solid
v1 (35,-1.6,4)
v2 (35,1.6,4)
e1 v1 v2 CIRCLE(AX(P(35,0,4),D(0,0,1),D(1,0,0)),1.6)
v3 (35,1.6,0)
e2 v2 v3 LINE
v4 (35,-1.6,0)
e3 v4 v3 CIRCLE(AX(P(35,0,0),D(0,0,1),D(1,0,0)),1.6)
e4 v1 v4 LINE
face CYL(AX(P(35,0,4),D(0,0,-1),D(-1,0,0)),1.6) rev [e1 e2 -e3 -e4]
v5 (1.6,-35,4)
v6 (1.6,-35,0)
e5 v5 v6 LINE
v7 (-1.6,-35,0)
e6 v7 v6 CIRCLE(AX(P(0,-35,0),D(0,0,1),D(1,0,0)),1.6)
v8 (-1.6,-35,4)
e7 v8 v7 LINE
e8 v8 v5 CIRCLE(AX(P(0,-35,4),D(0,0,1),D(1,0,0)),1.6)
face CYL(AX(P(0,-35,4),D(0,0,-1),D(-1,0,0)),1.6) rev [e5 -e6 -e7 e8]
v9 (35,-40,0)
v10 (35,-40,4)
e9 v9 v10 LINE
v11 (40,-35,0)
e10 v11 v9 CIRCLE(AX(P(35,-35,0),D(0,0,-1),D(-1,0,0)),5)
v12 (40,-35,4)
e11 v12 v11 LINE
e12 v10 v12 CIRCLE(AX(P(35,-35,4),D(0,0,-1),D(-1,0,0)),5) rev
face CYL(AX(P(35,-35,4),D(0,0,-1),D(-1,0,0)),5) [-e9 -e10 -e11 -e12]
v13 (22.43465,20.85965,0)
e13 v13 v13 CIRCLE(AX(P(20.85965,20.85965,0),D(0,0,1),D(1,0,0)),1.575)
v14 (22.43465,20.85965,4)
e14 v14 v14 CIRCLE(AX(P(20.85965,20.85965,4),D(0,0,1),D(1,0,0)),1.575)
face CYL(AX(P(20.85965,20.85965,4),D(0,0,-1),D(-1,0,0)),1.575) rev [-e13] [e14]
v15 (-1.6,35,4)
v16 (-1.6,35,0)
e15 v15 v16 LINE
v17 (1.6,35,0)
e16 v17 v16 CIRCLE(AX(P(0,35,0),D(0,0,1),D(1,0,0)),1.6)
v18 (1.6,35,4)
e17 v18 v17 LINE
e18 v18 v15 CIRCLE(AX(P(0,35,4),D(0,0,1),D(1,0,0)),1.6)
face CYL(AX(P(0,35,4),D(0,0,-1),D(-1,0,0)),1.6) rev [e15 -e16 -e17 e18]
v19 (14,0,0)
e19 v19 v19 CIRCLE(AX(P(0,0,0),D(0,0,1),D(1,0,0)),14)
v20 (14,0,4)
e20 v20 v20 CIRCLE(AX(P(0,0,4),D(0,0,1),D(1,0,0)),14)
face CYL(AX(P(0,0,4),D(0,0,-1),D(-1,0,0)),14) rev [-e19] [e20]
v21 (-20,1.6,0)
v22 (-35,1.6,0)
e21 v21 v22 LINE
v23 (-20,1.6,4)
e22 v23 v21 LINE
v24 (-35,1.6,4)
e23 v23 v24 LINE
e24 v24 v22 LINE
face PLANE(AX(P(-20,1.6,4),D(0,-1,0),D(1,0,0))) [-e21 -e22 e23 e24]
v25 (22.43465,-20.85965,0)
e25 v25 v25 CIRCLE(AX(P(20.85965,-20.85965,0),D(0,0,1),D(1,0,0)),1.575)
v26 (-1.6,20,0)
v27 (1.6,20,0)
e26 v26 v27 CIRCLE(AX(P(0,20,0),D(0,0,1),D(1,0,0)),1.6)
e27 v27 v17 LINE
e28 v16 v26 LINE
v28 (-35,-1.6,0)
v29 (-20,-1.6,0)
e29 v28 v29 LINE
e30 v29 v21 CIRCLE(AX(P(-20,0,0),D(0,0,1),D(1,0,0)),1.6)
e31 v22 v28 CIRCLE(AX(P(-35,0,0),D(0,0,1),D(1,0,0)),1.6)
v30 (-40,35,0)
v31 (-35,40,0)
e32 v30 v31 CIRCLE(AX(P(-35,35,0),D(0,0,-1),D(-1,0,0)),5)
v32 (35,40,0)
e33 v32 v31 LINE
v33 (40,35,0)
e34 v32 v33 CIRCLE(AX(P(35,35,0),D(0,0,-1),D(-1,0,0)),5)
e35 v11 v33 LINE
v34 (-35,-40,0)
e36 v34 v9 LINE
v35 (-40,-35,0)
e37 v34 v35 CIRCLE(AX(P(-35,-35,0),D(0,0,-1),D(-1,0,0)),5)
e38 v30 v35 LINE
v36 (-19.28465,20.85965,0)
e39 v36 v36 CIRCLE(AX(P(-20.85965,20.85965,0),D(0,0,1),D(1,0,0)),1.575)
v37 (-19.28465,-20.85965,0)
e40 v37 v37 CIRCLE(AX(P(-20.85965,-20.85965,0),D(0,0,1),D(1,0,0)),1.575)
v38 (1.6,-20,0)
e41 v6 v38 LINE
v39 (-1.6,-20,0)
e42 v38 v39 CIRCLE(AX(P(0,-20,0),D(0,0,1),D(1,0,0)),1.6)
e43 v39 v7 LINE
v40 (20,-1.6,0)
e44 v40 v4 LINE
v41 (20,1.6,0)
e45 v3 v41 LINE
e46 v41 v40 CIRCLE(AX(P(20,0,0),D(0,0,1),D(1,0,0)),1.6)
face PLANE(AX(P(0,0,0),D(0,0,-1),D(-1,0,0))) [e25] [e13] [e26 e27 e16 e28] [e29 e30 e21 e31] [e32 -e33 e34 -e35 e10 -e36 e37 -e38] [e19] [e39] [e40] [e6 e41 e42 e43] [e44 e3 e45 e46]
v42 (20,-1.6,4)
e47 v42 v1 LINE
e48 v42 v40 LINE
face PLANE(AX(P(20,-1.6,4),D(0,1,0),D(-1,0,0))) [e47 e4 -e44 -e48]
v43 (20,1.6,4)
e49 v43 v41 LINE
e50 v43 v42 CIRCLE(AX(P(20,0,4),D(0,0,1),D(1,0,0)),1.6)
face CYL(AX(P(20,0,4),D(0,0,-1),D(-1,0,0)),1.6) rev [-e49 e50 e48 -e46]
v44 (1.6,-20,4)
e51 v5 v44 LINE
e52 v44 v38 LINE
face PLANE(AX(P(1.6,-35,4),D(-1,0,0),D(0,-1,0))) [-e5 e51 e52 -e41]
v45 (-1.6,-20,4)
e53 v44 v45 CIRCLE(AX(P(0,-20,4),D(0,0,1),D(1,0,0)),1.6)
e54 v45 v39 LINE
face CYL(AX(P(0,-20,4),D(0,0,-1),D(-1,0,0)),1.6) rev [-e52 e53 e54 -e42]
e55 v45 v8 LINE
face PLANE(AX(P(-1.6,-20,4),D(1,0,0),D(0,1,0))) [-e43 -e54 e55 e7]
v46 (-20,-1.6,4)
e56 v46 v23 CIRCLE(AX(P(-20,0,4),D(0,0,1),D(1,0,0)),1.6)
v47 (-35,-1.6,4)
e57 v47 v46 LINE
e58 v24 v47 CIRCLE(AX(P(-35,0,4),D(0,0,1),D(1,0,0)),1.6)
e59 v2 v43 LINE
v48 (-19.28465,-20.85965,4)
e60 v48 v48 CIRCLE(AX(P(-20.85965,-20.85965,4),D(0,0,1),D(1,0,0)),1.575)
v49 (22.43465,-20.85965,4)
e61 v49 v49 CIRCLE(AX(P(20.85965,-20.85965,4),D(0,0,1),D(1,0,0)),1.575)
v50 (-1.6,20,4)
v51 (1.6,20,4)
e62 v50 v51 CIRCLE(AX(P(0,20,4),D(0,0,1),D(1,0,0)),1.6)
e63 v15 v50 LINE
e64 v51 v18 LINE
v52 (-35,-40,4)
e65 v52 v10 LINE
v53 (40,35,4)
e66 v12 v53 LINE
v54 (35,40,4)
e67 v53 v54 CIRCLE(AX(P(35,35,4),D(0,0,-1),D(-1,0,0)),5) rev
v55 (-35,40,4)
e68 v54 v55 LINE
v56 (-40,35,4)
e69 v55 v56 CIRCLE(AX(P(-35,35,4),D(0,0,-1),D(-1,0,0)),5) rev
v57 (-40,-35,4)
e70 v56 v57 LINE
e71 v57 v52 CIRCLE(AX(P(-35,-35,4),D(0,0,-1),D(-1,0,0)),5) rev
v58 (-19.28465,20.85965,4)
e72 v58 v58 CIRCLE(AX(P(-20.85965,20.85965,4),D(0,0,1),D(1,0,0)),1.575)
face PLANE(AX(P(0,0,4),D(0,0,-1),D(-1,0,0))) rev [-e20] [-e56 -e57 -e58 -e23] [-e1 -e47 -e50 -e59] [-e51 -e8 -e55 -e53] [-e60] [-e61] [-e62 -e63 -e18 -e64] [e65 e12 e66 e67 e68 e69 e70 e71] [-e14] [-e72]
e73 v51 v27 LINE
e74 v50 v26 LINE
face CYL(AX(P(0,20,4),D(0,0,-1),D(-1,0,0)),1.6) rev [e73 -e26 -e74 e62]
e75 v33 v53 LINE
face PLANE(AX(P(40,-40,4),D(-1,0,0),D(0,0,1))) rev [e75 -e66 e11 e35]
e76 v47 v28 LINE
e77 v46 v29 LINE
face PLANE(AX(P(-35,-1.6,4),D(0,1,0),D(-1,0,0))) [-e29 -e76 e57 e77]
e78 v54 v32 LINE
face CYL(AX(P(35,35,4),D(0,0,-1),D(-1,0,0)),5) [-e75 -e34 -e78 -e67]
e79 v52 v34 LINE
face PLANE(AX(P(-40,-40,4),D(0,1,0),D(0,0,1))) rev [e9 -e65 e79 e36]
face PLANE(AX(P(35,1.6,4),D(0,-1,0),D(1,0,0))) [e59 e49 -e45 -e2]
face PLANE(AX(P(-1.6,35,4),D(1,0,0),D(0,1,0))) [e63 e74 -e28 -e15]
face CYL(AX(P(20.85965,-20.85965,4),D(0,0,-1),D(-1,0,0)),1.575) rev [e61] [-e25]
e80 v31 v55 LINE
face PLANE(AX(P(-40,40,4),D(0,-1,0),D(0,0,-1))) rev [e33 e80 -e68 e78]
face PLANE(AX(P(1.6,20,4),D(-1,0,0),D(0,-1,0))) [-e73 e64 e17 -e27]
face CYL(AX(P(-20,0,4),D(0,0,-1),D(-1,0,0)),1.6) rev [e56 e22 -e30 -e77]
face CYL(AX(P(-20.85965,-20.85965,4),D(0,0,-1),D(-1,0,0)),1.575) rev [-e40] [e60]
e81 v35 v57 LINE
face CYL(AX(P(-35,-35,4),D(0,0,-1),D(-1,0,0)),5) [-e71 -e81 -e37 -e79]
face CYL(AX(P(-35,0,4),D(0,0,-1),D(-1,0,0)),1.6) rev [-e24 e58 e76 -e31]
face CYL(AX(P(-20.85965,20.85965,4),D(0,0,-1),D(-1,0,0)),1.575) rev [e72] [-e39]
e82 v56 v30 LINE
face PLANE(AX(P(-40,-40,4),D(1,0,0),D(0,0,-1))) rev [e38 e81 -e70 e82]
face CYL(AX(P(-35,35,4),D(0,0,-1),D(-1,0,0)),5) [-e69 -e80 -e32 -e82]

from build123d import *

# Parameters (mm, degrees)
SKETCH2_W           = 80
SKETCH2_H           = 80
SKETCH2_R           = 1.575
BOSS_EXTRUDE1_DEPTH = 4
FILLET1_R           = 5


with BuildPart() as part:
    # Sketch2 → Boss-Extrude1 (new body)
    with BuildSketch(Plane.XY):
        Rectangle(SKETCH2_W, SKETCH2_H)
        with Locations((-20.859650045, -20.859650045)):
            Circle(SKETCH2_R, mode=Mode.SUBTRACT)
        with Locations((-20.859650045, 20.859650045)):
            Circle(SKETCH2_R, mode=Mode.SUBTRACT)
        with Locations((20.859650045, 20.859650045)):
            Circle(SKETCH2_R, mode=Mode.SUBTRACT)
        with Locations((20.859650045, -20.859650045)):
            Circle(SKETCH2_R, mode=Mode.SUBTRACT)
        with BuildLine():
            Line((1.6, 20), (1.6, 35))
            ThreePointArc((1.6, 35), (1.13137085, 36.13137085), (0, 36.6))
            ThreePointArc((0, 36.6), (-1.13137085, 36.13137085), (-1.6, 35))
            Line((-1.6, 35), (-1.6, 20))
            ThreePointArc((-1.6, 20), (0, 18.4), (1.6, 20))
        make_face(mode=Mode.SUBTRACT)
        with BuildLine():
            Line((1.6, -35), (1.6, -20))
            ThreePointArc((1.6, -20), (1.13137085, -18.86862915), (0, -18.4))
            ThreePointArc((0, -18.4), (-1.13137085, -18.86862915), (-1.6, -20))
            Line((-1.6, -20), (-1.6, -35))
            ThreePointArc((-1.6, -35), (0, -36.6), (1.6, -35))
        make_face(mode=Mode.SUBTRACT)
        with BuildLine():
            Line((20, -1.6), (35, -1.6))
            ThreePointArc((35, -1.6), (36.6, 0), (35, 1.6))
            Line((35, 1.6), (20, 1.6))
            ThreePointArc((20, 1.6), (18.4, 0), (20, -1.6))
        make_face(mode=Mode.SUBTRACT)
        with BuildLine():
            Line((-35, -1.6), (-20, -1.6))
            ThreePointArc((-20, -1.6), (-18.4, 0), (-20, 1.6))
            Line((-20, 1.6), (-35, 1.6))
            ThreePointArc((-35, 1.6), (-36.6, 0), (-35, -1.6))
        make_face(mode=Mode.SUBTRACT)
        with BuildLine():
            ThreePointArc((0, -14), (14, 0), (0, 14))
            ThreePointArc((0, 14), (-14, 0), (0, -14))
        make_face(mode=Mode.SUBTRACT)
    extrude(amount=BOSS_EXTRUDE1_DEPTH)

    # Fillet1
    fillet1_edges = [part.edges().sort_by_distance(p)[0] for p in [
        (40, -40, 2),
        (-40, -40, 2),
        (-40, 40, 2),
        (40, 40, 2),
    ]]
    fillet(fillet1_edges, radius=FILLET1_R)


solid = part.part
